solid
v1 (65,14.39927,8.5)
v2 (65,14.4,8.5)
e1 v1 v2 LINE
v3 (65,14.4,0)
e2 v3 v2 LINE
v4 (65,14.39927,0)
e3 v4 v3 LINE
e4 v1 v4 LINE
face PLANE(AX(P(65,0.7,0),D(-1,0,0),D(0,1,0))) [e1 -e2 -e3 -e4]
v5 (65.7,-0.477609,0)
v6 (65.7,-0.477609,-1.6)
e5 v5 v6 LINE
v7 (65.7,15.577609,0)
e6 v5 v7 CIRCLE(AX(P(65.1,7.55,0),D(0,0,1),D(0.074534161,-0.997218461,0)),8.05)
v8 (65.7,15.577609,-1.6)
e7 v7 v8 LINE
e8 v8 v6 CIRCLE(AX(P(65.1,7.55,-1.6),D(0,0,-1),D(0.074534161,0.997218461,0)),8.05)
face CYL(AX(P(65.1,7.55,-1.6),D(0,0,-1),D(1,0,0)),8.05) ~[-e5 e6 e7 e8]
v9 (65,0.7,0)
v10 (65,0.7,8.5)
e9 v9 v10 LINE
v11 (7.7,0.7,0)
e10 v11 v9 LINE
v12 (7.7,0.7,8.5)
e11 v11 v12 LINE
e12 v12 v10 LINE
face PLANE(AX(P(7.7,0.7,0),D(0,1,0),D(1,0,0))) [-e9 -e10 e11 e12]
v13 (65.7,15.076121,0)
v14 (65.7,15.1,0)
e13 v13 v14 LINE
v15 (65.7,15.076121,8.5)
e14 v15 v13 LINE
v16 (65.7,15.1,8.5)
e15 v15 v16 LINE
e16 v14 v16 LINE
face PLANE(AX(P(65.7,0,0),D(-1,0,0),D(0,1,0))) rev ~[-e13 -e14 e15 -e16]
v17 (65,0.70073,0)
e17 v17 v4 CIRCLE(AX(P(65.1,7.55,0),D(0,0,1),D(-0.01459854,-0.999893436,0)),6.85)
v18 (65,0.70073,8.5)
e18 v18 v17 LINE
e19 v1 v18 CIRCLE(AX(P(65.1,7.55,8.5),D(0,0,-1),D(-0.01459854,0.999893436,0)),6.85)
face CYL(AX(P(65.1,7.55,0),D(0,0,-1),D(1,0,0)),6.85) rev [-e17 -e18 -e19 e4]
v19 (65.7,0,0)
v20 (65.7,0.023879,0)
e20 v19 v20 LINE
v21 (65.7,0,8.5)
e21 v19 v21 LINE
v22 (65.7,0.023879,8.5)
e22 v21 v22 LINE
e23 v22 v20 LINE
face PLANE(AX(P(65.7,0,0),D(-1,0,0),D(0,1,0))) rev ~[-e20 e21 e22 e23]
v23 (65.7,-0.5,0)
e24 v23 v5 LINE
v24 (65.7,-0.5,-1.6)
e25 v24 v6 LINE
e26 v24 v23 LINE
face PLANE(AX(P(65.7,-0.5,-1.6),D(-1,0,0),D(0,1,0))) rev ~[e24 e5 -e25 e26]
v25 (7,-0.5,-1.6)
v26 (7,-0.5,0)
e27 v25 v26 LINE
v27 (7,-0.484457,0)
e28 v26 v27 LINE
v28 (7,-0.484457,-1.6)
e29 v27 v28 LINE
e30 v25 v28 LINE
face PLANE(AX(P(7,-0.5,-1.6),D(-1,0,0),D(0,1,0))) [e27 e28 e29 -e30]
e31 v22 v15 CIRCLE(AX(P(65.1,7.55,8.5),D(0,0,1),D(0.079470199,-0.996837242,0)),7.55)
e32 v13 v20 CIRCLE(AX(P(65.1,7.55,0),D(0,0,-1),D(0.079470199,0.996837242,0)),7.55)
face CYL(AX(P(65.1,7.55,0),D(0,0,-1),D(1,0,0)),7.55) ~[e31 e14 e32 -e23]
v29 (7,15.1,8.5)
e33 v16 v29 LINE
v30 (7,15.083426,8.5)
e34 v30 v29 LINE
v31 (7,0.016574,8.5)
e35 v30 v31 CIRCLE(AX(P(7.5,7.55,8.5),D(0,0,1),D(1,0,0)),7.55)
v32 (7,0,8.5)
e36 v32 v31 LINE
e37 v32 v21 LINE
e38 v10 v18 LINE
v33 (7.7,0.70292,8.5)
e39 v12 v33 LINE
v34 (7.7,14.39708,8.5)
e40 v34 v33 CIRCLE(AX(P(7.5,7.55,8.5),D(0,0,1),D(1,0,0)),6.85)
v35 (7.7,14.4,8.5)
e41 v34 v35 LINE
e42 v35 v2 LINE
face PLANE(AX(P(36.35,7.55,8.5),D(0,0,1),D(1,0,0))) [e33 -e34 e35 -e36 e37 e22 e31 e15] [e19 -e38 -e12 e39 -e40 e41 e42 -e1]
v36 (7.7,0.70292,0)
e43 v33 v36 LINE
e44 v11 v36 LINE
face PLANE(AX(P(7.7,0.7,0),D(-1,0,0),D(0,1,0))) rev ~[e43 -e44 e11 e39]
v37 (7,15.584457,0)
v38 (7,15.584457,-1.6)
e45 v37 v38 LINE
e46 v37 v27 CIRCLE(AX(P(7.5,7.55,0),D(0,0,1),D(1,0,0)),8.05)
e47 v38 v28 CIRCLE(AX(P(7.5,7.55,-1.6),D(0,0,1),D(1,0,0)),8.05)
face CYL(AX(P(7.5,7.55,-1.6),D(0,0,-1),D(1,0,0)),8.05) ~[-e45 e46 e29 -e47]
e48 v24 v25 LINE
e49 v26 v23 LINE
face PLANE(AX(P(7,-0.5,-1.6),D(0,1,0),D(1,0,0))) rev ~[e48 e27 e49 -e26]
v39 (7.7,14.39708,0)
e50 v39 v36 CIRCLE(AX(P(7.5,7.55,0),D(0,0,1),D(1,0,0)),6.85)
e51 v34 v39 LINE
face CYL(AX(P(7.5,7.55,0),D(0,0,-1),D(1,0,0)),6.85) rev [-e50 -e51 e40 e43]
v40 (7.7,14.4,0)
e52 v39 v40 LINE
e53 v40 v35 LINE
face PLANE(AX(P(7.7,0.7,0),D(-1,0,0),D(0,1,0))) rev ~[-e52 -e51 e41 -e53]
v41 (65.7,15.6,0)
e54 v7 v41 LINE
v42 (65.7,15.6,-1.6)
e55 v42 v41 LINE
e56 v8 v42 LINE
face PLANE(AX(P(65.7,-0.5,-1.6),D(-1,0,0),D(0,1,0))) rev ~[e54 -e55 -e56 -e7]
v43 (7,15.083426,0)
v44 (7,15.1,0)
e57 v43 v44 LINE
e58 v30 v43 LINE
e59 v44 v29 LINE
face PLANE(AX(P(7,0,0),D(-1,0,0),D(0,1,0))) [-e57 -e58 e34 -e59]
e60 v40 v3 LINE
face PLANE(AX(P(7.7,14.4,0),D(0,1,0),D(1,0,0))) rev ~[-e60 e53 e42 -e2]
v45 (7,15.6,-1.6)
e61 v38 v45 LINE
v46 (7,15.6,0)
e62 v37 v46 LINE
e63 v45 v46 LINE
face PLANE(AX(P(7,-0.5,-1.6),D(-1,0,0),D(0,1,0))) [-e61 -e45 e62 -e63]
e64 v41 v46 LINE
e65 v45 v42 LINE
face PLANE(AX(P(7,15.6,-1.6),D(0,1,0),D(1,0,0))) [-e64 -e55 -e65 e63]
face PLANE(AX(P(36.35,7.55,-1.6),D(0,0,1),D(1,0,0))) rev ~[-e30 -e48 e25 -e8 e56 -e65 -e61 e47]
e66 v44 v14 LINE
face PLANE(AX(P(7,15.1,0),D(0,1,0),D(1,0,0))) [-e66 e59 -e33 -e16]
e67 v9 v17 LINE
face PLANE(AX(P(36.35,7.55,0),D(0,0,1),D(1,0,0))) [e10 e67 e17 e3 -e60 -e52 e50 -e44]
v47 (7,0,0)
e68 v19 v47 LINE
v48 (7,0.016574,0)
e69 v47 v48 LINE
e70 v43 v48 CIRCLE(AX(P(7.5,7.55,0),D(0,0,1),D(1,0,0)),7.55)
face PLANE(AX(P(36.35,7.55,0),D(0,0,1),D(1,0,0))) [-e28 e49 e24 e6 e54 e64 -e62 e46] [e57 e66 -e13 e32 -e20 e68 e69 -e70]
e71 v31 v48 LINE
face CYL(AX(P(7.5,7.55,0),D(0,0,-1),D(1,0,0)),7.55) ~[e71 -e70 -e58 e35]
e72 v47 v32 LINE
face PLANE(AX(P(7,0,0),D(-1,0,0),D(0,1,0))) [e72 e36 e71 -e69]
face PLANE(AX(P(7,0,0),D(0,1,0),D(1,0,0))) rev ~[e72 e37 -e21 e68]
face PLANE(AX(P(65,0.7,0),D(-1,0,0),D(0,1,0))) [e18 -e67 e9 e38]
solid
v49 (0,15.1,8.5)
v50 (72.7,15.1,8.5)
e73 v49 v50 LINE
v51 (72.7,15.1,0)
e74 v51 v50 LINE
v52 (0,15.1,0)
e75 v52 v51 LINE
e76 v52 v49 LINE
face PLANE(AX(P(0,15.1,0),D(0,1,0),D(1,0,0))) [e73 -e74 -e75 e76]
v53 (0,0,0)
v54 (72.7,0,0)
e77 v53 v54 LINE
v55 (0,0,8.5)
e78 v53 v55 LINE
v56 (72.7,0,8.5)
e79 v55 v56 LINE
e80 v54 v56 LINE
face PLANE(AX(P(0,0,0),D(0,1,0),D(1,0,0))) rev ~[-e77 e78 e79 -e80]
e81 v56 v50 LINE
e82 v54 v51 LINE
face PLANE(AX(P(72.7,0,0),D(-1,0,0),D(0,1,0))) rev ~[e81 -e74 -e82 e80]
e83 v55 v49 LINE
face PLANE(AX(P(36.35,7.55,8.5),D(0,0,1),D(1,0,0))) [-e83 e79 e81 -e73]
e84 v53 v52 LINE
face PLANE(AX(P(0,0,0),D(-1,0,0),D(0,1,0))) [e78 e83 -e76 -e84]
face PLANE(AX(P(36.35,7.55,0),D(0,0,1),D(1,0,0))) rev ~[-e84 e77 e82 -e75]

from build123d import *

# Parameters (mm, degrees)
BOX_W             = 72.7
BOX_H             = 15.1
BOX_DEPTH         = 8.5
CYLINDER003_R     = 8.05
CYLINDER003_DEPTH = 1.6
BOX002_W          = 58.7
BOX002_H          = 16.1
BOX002_DEPTH      = 1.6
CYLINDER002_R     = 8.05
CYLINDER002_DEPTH = 1.6
CYLINDER004_R     = 6.85
CYLINDER004_DEPTH = 8.5
CYLINDER005_R     = 6.85
CYLINDER005_DEPTH = 8.5
BOX003_W          = 57.3
BOX003_H          = 13.7
BOX003_DEPTH      = 8.5
CYLINDER001_R     = 7.55
CYLINDER001_DEPTH = 8.5
BOX001_W          = 58.7
BOX001_H          = 15.1
BOX001_DEPTH      = 8.5
CYLINDER_R        = 7.55
CYLINDER_DEPTH    = 8.5


with BuildPart() as cube:
    # Box → Box (new body)
    with BuildSketch(Plane.XY):
        with Locations((36.35, 7.55)):
            Rectangle(BOX_W, BOX_H)
    extrude(amount=BOX_DEPTH)


with BuildPart() as cylinder003:
    # Cylinder003 → Cylinder003 (new body)
    with BuildSketch(Plane(origin=(65.1, 7.55, 0), x_dir=(1, 0, 0), z_dir=(0, 0, 1))):
        Circle(CYLINDER003_R)
    extrude(amount=CYLINDER003_DEPTH)


with BuildPart() as cube002:
    # Box002 → Box002 (new body)
    with BuildSketch(Plane(origin=(7, -0.5, 0), x_dir=(1, 0, 0), z_dir=(0, 0, 1))):
        with Locations((29.35, 8.05)):
            Rectangle(BOX002_W, BOX002_H)
    extrude(amount=BOX002_DEPTH)


with BuildPart() as fusion002:
    # Cylinder002 → Cylinder002 (new body)
    with BuildSketch(Plane(origin=(7.5, 7.55, 0), x_dir=(1, 0, 0), z_dir=(0, 0, 1))):
        Circle(CYLINDER002_R)
    extrude(amount=CYLINDER002_DEPTH)

    # Fusion002: union Cylinder003, Cube002
    add(cylinder003.part)
    add(cube002.part)


with BuildPart() as fusion002_1:
    # Fusion002 placement: moved
    add(fusion002.part.moved(Location((0, 0, -1.6))))


with BuildPart() as cylinder004:
    # Cylinder004 → Cylinder004 (new body)
    with BuildSketch(Plane(origin=(65.1, 7.55, 0), x_dir=(1, 0, 0), z_dir=(0, 0, 1))):
        Circle(CYLINDER004_R)
    extrude(amount=CYLINDER004_DEPTH)


with BuildPart() as cylinder005:
    # Cylinder005 → Cylinder005 (new body)
    with BuildSketch(Plane(origin=(7.5, 7.55, 0), x_dir=(1, 0, 0), z_dir=(0, 0, 1))):
        Circle(CYLINDER005_R)
    extrude(amount=CYLINDER005_DEPTH)


with BuildPart() as fusion001:
    # Box003 → Box003 (new body)
    with BuildSketch(Plane(origin=(7.7, 0.7, 0), x_dir=(1, 0, 0), z_dir=(0, 0, 1))):
        with Locations((28.65, 6.85)):
            Rectangle(BOX003_W, BOX003_H)
    extrude(amount=BOX003_DEPTH)

    # Fusion001: union Cylinder004, Cylinder005
    add(cylinder004.part)
    add(cylinder005.part)


with BuildPart() as cylinder001:
    # Cylinder001 → Cylinder001 (new body)
    with BuildSketch(Plane(origin=(65.1, 7.55, 0), x_dir=(1, 0, 0), z_dir=(0, 0, 1))):
        Circle(CYLINDER001_R)
    extrude(amount=CYLINDER001_DEPTH)


with BuildPart() as cube001:
    # Box001 → Box001 (new body)
    with BuildSketch(Plane(origin=(7, 0, 0), x_dir=(1, 0, 0), z_dir=(0, 0, 1))):
        with Locations((29.35, 7.55)):
            Rectangle(BOX001_W, BOX001_H)
    extrude(amount=BOX001_DEPTH)


with BuildPart() as fusion003:
    # Cylinder → Cylinder (new body)
    with BuildSketch(Plane(origin=(7.5, 7.55, 0), x_dir=(1, 0, 0), z_dir=(0, 0, 1))):
        Circle(CYLINDER_R)
    extrude(amount=CYLINDER_DEPTH)

    # Fusion: union Cylinder001, Cube001
    add(cylinder001.part)
    add(cube001.part)

    # Cut: cut Fusion001
    add(fusion001.part, mode=Mode.SUBTRACT)

    # Fusion003: union Fusion002
    add(fusion002_1.part)


solid = Compound([cube.part, fusion003.part])
